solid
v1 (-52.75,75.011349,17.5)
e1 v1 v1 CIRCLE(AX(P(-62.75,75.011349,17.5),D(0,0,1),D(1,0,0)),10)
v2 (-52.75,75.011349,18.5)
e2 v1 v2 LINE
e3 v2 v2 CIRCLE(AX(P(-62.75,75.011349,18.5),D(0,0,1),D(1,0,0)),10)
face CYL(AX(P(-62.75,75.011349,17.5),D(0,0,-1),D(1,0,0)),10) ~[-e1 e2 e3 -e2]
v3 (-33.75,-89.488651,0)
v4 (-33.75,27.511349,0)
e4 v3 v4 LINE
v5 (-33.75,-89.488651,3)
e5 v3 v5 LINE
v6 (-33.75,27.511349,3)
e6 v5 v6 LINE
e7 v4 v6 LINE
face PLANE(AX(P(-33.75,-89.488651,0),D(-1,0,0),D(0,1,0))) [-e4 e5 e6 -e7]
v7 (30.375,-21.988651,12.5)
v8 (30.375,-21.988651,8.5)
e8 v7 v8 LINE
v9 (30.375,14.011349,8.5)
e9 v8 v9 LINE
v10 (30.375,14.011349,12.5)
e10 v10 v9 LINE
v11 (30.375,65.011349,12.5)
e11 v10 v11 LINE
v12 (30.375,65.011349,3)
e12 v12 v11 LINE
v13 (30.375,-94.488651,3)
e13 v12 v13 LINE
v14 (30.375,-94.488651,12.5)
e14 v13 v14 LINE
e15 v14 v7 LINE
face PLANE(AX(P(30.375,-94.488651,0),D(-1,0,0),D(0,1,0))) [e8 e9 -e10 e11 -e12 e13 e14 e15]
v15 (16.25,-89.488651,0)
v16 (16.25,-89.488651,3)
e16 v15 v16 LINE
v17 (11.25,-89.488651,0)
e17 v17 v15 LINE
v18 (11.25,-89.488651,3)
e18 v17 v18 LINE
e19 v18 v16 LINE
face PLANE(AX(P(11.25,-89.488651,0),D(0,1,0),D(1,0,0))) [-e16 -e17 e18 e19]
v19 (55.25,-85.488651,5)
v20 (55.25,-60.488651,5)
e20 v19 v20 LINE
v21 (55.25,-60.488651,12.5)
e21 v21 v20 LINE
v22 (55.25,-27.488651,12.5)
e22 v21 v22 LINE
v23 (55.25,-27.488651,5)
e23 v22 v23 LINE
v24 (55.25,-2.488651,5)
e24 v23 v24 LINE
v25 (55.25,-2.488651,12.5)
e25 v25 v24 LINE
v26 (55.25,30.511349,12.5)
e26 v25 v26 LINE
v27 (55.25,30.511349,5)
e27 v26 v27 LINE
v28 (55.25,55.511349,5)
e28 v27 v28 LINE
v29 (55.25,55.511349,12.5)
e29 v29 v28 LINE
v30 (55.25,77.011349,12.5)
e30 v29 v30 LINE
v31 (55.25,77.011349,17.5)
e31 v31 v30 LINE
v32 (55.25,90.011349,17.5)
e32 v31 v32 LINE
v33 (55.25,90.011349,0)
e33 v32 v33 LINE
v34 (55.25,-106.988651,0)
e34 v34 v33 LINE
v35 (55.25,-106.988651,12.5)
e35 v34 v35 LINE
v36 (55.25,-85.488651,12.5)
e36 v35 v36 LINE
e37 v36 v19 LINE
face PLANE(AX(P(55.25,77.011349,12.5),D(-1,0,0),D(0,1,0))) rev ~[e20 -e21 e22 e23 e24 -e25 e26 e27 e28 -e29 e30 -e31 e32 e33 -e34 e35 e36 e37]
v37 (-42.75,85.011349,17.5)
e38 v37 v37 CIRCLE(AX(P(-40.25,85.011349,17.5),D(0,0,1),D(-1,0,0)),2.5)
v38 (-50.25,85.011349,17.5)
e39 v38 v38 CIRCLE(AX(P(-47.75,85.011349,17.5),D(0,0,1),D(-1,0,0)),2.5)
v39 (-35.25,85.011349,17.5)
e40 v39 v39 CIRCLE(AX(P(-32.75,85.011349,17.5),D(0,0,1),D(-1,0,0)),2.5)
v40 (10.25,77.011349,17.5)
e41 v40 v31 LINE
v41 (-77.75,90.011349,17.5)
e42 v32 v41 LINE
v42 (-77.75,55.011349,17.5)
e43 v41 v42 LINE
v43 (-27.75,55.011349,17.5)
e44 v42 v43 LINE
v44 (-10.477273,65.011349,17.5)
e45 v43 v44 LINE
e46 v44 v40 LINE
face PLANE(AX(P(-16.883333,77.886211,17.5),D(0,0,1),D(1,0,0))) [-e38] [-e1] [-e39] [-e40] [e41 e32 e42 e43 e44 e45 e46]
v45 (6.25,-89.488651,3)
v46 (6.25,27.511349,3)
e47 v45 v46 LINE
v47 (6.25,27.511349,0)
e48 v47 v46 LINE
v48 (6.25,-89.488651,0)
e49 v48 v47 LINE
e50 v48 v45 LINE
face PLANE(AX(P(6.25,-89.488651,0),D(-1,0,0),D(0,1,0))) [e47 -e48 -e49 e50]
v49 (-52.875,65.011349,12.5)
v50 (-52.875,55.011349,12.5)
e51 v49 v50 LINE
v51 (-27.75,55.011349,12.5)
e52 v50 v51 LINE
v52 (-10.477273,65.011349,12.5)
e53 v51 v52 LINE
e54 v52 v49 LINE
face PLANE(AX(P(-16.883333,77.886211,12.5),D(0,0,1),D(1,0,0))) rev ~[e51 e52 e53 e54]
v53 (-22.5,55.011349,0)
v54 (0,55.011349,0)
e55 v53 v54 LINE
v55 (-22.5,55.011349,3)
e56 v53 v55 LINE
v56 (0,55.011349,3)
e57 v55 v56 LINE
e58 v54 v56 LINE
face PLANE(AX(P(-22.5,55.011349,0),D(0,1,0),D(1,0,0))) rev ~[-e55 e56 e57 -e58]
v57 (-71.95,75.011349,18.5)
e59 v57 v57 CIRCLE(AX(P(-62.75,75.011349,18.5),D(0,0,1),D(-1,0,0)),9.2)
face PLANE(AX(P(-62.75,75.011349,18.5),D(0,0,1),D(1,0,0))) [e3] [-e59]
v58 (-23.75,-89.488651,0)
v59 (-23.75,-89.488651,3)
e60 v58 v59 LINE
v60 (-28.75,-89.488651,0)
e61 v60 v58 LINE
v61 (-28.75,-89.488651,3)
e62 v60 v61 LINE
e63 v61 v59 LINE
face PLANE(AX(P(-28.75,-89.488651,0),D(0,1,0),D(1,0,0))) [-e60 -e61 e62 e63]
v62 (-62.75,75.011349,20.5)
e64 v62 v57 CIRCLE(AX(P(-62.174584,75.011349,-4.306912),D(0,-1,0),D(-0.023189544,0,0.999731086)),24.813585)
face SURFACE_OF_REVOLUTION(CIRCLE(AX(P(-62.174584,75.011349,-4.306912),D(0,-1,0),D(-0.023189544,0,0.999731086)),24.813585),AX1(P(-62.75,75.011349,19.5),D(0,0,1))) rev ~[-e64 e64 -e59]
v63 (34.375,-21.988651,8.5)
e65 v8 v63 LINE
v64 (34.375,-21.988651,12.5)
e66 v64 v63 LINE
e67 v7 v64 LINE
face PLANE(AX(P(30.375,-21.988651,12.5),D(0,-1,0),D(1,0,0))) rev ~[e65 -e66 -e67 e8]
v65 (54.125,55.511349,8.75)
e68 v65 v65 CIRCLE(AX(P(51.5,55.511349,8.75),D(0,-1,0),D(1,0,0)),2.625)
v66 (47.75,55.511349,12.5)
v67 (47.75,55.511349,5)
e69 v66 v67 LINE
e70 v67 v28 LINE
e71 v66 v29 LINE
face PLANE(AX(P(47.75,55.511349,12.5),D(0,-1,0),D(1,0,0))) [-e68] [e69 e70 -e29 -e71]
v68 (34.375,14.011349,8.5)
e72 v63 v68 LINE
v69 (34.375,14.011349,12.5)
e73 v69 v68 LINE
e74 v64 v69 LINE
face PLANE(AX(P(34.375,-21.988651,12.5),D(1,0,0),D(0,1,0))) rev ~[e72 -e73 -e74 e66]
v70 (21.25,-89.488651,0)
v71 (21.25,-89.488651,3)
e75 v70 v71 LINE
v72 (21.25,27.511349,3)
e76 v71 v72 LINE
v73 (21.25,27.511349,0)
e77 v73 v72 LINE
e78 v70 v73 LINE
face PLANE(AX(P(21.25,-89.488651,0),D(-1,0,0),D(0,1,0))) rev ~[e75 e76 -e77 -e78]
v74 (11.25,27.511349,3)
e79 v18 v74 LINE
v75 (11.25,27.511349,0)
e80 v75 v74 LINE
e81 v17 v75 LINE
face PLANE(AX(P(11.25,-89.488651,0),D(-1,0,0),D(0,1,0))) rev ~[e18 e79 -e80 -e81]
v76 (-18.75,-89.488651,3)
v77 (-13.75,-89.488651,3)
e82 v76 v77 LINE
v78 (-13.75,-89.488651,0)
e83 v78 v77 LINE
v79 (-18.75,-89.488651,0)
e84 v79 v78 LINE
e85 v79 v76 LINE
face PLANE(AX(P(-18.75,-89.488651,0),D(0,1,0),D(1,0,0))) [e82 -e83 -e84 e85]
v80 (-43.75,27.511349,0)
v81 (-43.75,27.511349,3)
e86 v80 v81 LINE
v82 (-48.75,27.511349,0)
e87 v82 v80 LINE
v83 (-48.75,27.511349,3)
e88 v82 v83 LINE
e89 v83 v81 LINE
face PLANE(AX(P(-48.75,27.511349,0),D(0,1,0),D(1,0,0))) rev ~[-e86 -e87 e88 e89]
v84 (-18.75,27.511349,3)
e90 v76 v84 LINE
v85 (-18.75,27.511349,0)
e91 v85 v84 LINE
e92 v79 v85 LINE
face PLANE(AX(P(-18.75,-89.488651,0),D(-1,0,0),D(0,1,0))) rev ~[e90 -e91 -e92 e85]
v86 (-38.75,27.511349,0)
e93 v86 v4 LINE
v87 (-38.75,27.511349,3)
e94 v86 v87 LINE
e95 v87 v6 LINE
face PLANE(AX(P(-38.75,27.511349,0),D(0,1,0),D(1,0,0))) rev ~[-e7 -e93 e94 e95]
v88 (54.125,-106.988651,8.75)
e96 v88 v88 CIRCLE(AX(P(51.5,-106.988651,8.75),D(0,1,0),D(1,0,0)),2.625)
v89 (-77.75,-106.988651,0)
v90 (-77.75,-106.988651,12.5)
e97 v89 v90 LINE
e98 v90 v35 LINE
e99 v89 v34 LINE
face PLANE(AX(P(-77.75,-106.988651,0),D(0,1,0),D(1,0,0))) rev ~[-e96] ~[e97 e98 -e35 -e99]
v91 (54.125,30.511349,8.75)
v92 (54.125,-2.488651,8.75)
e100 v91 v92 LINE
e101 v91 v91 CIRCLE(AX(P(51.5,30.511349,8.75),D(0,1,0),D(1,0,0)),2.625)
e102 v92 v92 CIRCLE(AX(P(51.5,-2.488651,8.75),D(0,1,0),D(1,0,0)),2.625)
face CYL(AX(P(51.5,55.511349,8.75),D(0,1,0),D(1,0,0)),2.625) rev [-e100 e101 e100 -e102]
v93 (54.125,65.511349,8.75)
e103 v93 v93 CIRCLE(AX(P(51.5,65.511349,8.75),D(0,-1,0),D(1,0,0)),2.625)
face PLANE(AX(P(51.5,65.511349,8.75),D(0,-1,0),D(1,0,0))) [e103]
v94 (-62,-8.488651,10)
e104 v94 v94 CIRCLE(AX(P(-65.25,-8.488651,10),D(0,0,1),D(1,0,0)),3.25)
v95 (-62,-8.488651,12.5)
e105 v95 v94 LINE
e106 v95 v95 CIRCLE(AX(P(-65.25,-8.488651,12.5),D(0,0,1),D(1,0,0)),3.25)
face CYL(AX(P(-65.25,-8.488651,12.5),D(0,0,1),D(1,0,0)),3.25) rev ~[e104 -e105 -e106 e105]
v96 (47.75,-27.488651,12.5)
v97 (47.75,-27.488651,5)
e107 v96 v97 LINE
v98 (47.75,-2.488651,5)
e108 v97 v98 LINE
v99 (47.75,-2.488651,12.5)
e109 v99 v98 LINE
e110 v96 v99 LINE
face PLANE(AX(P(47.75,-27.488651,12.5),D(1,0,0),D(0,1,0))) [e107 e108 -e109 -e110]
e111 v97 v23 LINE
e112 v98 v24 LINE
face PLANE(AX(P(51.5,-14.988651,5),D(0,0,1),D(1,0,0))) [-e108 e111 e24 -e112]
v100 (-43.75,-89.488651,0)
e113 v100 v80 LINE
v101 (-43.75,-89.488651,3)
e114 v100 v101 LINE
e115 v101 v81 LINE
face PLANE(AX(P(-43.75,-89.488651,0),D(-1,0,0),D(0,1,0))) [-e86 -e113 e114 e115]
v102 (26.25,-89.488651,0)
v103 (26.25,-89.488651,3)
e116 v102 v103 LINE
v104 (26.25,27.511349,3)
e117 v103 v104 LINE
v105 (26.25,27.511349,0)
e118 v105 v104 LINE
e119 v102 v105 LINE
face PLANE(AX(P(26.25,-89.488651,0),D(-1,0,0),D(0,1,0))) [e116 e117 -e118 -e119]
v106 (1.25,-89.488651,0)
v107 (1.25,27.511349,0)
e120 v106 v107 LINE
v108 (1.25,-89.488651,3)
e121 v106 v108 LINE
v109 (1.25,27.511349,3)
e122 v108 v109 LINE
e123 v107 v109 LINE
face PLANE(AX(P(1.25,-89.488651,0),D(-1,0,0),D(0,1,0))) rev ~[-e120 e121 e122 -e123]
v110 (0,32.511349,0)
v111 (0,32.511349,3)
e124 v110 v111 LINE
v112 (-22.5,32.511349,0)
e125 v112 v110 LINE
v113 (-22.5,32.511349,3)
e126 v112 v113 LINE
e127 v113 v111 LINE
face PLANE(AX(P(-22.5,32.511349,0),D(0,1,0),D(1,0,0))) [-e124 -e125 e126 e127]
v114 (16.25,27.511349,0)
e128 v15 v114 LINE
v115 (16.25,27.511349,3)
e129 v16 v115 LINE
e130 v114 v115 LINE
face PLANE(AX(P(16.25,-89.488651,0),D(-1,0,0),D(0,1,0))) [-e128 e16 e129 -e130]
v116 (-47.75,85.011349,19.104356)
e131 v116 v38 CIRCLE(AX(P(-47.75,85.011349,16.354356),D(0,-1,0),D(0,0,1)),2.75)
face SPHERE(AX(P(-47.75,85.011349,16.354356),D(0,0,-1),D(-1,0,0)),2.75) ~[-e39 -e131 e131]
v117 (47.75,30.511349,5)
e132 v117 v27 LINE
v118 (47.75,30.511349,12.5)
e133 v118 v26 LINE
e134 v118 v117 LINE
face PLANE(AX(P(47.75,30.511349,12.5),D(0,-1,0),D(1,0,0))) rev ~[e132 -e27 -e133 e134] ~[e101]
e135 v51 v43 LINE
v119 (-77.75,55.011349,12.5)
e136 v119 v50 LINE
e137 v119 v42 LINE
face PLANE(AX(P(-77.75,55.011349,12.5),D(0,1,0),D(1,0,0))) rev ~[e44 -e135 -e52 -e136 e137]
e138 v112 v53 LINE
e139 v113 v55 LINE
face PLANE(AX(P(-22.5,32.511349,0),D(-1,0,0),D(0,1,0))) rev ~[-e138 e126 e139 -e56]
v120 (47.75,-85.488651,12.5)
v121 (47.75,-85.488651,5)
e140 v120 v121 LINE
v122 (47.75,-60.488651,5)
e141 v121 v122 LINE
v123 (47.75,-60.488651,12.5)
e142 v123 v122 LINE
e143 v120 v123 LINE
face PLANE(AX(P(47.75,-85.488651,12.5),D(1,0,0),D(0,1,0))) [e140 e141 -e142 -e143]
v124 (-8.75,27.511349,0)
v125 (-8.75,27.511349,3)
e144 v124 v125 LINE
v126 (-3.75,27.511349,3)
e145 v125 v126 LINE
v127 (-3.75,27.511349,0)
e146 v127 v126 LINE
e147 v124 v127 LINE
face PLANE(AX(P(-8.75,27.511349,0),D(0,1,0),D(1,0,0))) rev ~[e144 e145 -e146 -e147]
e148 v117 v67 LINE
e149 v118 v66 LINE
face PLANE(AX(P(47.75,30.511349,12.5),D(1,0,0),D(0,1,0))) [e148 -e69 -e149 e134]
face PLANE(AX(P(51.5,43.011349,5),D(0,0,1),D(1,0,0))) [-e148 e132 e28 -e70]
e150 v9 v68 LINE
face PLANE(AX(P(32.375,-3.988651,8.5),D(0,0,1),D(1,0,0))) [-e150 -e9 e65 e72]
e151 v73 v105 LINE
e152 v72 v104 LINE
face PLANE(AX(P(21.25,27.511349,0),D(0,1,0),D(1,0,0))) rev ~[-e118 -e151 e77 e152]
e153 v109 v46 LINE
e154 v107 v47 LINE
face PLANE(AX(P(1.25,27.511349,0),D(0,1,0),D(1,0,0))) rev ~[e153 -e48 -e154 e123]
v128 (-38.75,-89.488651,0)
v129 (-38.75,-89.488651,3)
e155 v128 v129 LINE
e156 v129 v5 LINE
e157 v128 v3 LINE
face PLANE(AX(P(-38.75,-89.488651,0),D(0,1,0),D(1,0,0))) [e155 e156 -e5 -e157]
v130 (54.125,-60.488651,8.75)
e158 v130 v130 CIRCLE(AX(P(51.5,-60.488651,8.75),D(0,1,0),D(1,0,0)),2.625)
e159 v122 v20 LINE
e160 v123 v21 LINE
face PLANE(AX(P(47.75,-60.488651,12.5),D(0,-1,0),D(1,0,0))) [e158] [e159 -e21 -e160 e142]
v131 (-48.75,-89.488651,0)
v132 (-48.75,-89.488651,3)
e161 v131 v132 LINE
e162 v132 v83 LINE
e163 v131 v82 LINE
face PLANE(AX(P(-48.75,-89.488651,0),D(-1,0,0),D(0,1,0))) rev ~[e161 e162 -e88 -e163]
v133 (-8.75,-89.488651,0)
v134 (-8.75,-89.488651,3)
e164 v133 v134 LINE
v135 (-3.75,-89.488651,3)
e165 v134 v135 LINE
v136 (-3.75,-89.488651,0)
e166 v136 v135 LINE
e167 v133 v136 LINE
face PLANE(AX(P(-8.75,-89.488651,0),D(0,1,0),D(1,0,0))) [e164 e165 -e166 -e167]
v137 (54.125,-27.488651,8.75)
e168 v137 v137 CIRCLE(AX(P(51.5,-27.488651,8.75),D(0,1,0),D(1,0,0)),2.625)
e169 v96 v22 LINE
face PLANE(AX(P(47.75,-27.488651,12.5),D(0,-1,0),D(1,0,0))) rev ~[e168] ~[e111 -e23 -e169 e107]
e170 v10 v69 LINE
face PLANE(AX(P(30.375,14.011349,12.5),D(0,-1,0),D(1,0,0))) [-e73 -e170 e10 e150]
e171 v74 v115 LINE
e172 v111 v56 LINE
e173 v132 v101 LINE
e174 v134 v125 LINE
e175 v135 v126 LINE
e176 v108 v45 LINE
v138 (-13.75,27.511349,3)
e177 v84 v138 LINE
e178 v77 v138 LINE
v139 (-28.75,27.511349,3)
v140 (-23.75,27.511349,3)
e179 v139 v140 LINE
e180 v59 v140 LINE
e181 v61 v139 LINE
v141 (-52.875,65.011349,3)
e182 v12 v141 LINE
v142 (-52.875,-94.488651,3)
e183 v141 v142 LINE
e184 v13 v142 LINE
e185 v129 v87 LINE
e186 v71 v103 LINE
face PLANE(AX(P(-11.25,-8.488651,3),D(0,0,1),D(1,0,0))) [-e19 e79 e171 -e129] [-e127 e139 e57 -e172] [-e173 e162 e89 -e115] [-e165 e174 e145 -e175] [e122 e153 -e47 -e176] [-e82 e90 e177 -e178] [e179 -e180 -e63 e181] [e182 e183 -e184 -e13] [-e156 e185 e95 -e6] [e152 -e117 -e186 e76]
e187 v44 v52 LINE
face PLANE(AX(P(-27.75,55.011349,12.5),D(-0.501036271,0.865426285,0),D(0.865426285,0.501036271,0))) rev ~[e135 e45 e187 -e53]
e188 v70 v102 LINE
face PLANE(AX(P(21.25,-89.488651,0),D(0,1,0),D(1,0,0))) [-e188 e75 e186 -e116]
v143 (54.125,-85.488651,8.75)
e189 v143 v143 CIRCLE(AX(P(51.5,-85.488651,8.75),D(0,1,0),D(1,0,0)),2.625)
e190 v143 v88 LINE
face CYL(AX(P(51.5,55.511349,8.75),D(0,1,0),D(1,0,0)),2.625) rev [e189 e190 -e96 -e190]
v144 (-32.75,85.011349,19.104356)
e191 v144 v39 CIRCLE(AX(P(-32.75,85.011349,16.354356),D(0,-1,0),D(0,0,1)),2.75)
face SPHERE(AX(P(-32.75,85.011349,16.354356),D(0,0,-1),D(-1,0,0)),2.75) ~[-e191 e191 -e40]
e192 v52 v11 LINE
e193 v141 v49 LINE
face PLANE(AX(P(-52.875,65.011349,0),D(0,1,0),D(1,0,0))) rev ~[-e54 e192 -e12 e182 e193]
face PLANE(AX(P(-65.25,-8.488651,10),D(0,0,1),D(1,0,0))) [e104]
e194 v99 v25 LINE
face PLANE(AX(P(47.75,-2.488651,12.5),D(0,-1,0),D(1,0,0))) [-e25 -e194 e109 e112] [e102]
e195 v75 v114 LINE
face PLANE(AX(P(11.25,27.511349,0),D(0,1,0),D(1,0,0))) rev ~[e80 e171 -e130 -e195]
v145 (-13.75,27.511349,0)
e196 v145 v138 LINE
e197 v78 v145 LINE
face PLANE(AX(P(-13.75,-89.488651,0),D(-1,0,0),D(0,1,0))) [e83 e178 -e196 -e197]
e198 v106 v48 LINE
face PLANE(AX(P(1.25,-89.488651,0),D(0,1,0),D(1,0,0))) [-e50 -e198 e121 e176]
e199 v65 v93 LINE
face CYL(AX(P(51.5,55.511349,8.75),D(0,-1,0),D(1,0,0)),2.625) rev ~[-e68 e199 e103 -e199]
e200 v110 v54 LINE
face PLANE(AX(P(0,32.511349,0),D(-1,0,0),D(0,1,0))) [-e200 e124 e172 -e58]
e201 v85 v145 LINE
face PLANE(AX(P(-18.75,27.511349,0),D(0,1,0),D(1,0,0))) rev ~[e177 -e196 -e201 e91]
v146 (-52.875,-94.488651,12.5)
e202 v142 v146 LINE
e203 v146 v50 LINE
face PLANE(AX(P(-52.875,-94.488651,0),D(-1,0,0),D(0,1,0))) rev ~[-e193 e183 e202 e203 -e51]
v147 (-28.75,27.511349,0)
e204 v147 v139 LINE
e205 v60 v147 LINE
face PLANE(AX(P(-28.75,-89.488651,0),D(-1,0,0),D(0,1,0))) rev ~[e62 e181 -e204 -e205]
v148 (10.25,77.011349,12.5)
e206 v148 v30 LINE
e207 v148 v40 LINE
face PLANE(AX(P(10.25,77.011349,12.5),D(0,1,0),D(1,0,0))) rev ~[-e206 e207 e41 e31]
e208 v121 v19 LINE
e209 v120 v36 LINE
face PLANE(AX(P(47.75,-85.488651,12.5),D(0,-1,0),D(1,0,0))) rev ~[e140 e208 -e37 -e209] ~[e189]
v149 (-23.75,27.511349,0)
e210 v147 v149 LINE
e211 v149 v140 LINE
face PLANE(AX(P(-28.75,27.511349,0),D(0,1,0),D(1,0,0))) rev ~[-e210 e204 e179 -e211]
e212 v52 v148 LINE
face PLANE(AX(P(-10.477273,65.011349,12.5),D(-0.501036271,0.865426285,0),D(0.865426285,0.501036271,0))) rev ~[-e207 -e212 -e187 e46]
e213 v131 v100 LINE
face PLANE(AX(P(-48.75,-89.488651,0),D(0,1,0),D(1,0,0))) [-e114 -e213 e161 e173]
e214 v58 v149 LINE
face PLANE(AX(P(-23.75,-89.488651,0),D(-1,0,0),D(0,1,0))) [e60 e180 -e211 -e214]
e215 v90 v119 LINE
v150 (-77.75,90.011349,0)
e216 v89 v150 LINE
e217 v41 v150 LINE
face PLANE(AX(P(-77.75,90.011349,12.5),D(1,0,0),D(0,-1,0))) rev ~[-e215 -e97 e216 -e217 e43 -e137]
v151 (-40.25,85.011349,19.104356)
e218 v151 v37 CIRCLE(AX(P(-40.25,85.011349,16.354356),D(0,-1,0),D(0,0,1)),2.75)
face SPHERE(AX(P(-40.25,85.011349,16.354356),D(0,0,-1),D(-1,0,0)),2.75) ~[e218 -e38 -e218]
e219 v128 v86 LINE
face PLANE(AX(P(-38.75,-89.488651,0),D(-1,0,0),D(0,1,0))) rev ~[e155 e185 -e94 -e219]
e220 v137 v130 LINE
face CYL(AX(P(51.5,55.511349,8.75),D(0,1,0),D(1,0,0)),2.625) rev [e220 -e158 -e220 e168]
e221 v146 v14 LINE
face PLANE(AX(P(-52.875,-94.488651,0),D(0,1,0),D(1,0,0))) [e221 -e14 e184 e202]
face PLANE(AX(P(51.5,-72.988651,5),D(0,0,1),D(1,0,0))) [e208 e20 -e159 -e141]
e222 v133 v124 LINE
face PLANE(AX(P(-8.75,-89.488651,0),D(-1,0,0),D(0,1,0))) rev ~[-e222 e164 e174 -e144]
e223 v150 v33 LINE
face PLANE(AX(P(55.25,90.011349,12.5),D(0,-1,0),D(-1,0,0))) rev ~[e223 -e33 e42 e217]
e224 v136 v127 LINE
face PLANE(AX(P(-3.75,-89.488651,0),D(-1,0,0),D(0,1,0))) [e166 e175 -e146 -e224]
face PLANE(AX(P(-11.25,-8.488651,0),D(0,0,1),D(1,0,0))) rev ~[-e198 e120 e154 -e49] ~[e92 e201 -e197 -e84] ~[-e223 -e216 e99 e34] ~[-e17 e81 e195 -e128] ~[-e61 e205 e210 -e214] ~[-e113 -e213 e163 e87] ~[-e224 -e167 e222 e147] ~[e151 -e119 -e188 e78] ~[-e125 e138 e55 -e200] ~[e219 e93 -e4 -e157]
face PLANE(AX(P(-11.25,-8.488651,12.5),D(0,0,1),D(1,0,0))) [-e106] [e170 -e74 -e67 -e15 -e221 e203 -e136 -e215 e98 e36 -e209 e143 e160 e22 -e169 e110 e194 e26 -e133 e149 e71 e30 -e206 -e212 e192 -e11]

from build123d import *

# Parameters (mm, degrees)
F0_W           = 133
F0_H           = 197
F0_W_2         = 83.25
F0_H_2         = 159.5
F0_W_3         = 5
F0_H_3         = 117
F0_W_4         = 22.5
F0_H_4         = 22.5
F1_DEPTH       = 3
F2_DEPTH       = 12.5
F3_R           = 3.25
F4_DEPTH       = 2.5
F5_DEPTH       = 5
F6_R           = 10
F7_DEPTH       = 1
F16_W          = 7.5
F16_H          = 25
F17_DEPTH      = 7.5
F18_R          = 2.625
F19_DEPTH      = 162.501
F19_DEPTH_BACK = 10
F16_W_2        = 4
F16_H_2        = 36
F20_DEPTH      = 4


with BuildPart() as f1:
    # F0 (on Top) → F1 (new body)
    with BuildSketch(Plane.XY):
        with Locations((-11.25, -8.4886514246)):
            Rectangle(F0_W, F0_H)
        with Locations((-11.25, -14.7386514246)):
            Rectangle(F0_W_2, F0_H_2, mode=Mode.SUBTRACT)
        with Locations((-11.25, -14.7386514246)):
            Rectangle(F0_W_2, F0_H_2)
        with Locations((-46.25, -30.9886514246)):
            Rectangle(F0_W_3, F0_H_3, mode=Mode.SUBTRACT)
        with Locations((-36.25, -30.9886514246)):
            Rectangle(F0_W_3, F0_H_3, mode=Mode.SUBTRACT)
        with Locations((-26.25, -30.9886514246)):
            Rectangle(F0_W_3, F0_H_3, mode=Mode.SUBTRACT)
        with Locations((-16.25, -30.9886514246)):
            Rectangle(F0_W_3, F0_H_3, mode=Mode.SUBTRACT)
        with Locations((-6.25, -30.9886514246)):
            Rectangle(F0_W_3, F0_H_3, mode=Mode.SUBTRACT)
        with Locations((3.75, -30.9886514246)):
            Rectangle(F0_W_3, F0_H_3, mode=Mode.SUBTRACT)
        with Locations((13.75, -30.9886514246)):
            Rectangle(F0_W_3, F0_H_3, mode=Mode.SUBTRACT)
        with Locations((23.75, -30.9886514246)):
            Rectangle(F0_W_3, F0_H_3, mode=Mode.SUBTRACT)
        with Locations((-11.25, 43.7613485754)):
            Rectangle(F0_W_4, F0_H_4, mode=Mode.SUBTRACT)
    extrude(amount=F1_DEPTH)

    # F0 (on Top) → F2 (join)
    with BuildSketch(Plane.XY):
        with Locations((-11.25, -8.4886514246)):
            Rectangle(F0_W, F0_H)
        with Locations((-11.25, -14.7386514246)):
            Rectangle(F0_W_2, F0_H_2, mode=Mode.SUBTRACT)
    extrude(amount=F2_DEPTH)

    # F3 (on face) → F4 (cut)
    with BuildSketch(Plane.XY.offset(12.5)):
        with Locations((-65.25, -8.4886514246)):
            Circle(F3_R)
        Polygon((-77.75, 90.0113485754), (-77.75, 55.0113485754), (-52.875, 55.0113485754), (-52.875, 65.0113485754), (-10.4772727273, 65.0113485754), (10.25, 77.0113485754), (55.25, 77.0113485754), (55.25, 90.0113485754), align=None)
    extrude(amount=-F4_DEPTH, mode=Mode.SUBTRACT)

    # F3 (on face) + F4_face (on face) → F5 (join)
    with BuildSketch(Plane.XY.offset(12.5)):
        Polygon((-77.75, 90.0113485754), (-77.75, 55.0113485754), (-52.875, 55.0113485754), (-52.875, 65.0113485754), (-10.4772727273, 65.0113485754), (10.25, 77.0113485754), (55.25, 77.0113485754), (55.25, 90.0113485754), align=None)
        Polygon((-52.875, 65.0113485754), (-52.875, 55.0113485754), (-27.75, 55.0113485754), (-10.4772727273, 65.0113485754), align=None)
    with BuildSketch(Plane(origin=(-24.6626652531, 77.5848918874, 10), x_dir=(1, 0, 0), z_dir=(0, 0, 1))):
        Polygon((-53.0873347469, 12.426456688), (-53.0873347469, -22.573543312), (-28.2123347469, -22.573543312), (-28.2123347469, -12.573543312), (14.1853925258, -12.573543312), (34.9126652531, -0.573543312), (79.9126652531, -0.573543312), (79.9126652531, 12.426456688), align=None)
    extrude(amount=F5_DEPTH)

    # F6 (on face) → F7 (join)
    with BuildSketch(Plane.XY.offset(17.5)):
        with Locations((-62.75, 75.0113485754)):
            Circle(F6_R)
    extrude(amount=F7_DEPTH)

    # F9 (on offset) → F10 (revolve)
    with BuildSketch(Plane.XZ.offset(-75.0113485754)):
        with BuildLine():
            ThreePointArc((-62.75, 20.5), (-67.445725321, 19.9403364768), (-71.95, 18.5))
            Line((-71.95, 18.5), (-62.75, 18.5))
            Line((-62.75, 18.5), (-62.75, 20.5))
        make_face()
    revolve(axis=Axis((-62.75, 75.0113485754, 19.5), (0, 0, 1)))

    # F12 (on offset) → F13 (revolve)
    with BuildSketch(Plane.XZ.offset(-85.0113485754)):
        with BuildLine():
            ThreePointArc((-47.75, 19.1043560763), (-49.2352574204, 18.6687696943), (-50.25, 17.5))
            Line((-50.25, 17.5), (-47.75, 17.5))
            Line((-47.75, 17.5), (-47.75, 19.1043560763))
        make_face()
    revolve(axis=Axis((-47.75, 85.0113485754, 18.3021780381), (0, 0, 1)))

    # F12 (on offset) → F14 (revolve)
    with BuildSketch(Plane.XZ.offset(-85.0113485754)):
        with BuildLine():
            ThreePointArc((-40.25, 19.1043560763), (-41.7352574204, 18.6687696943), (-42.75, 17.5))
            Line((-42.75, 17.5), (-40.25, 17.5))
            Line((-40.25, 17.5), (-40.25, 19.1043560763))
        make_face()
    revolve(axis=Axis((-40.25, 85.0113485754, 18.3021780381), (0, 0, 1)))

    # F12 (on offset) → F15 (revolve)
    with BuildSketch(Plane.XZ.offset(-85.0113485754)):
        with BuildLine():
            ThreePointArc((-32.75, 19.1043560763), (-34.2352574204, 18.6687696943), (-35.25, 17.5))
            Line((-35.25, 17.5), (-32.75, 17.5))
            Line((-32.75, 17.5), (-32.75, 19.1043560763))
        make_face()
    revolve(axis=Axis((-32.75, 85.0113485754, 18.3021780381), (0, 0, 1)))

    # F16 (on face) → F17 (cut)
    with BuildSketch(Plane.XY.offset(12.5)):
        with Locations((51.5, 43.0113485754)):
            Rectangle(F16_W, F16_H)
        with Locations((51.5, -14.9886514246)):
            Rectangle(F16_W, F16_H)
        with Locations((51.5, -72.9886514246)):
            Rectangle(F16_W, F16_H)
    extrude(amount=-F17_DEPTH, mode=Mode.SUBTRACT)

    # F18 (on face) → F19 (cut, two sides)
    with BuildSketch(Plane.XZ.offset(-55.5113485754)) as f19_sk:
        with Locations((51.5, 8.75)):
            Circle(F18_R)
    extrude(amount=F19_DEPTH, mode=Mode.SUBTRACT)
    extrude(f19_sk.sketch, amount=-F19_DEPTH_BACK, mode=Mode.SUBTRACT)

    # F16 (on face) → F20 (cut)
    with BuildSketch(Plane.XY.offset(12.5)):
        with Locations((32.375, -3.9886514246)):
            Rectangle(F16_W_2, F16_H_2)
    extrude(amount=-F20_DEPTH, mode=Mode.SUBTRACT)


solid = f1.part
